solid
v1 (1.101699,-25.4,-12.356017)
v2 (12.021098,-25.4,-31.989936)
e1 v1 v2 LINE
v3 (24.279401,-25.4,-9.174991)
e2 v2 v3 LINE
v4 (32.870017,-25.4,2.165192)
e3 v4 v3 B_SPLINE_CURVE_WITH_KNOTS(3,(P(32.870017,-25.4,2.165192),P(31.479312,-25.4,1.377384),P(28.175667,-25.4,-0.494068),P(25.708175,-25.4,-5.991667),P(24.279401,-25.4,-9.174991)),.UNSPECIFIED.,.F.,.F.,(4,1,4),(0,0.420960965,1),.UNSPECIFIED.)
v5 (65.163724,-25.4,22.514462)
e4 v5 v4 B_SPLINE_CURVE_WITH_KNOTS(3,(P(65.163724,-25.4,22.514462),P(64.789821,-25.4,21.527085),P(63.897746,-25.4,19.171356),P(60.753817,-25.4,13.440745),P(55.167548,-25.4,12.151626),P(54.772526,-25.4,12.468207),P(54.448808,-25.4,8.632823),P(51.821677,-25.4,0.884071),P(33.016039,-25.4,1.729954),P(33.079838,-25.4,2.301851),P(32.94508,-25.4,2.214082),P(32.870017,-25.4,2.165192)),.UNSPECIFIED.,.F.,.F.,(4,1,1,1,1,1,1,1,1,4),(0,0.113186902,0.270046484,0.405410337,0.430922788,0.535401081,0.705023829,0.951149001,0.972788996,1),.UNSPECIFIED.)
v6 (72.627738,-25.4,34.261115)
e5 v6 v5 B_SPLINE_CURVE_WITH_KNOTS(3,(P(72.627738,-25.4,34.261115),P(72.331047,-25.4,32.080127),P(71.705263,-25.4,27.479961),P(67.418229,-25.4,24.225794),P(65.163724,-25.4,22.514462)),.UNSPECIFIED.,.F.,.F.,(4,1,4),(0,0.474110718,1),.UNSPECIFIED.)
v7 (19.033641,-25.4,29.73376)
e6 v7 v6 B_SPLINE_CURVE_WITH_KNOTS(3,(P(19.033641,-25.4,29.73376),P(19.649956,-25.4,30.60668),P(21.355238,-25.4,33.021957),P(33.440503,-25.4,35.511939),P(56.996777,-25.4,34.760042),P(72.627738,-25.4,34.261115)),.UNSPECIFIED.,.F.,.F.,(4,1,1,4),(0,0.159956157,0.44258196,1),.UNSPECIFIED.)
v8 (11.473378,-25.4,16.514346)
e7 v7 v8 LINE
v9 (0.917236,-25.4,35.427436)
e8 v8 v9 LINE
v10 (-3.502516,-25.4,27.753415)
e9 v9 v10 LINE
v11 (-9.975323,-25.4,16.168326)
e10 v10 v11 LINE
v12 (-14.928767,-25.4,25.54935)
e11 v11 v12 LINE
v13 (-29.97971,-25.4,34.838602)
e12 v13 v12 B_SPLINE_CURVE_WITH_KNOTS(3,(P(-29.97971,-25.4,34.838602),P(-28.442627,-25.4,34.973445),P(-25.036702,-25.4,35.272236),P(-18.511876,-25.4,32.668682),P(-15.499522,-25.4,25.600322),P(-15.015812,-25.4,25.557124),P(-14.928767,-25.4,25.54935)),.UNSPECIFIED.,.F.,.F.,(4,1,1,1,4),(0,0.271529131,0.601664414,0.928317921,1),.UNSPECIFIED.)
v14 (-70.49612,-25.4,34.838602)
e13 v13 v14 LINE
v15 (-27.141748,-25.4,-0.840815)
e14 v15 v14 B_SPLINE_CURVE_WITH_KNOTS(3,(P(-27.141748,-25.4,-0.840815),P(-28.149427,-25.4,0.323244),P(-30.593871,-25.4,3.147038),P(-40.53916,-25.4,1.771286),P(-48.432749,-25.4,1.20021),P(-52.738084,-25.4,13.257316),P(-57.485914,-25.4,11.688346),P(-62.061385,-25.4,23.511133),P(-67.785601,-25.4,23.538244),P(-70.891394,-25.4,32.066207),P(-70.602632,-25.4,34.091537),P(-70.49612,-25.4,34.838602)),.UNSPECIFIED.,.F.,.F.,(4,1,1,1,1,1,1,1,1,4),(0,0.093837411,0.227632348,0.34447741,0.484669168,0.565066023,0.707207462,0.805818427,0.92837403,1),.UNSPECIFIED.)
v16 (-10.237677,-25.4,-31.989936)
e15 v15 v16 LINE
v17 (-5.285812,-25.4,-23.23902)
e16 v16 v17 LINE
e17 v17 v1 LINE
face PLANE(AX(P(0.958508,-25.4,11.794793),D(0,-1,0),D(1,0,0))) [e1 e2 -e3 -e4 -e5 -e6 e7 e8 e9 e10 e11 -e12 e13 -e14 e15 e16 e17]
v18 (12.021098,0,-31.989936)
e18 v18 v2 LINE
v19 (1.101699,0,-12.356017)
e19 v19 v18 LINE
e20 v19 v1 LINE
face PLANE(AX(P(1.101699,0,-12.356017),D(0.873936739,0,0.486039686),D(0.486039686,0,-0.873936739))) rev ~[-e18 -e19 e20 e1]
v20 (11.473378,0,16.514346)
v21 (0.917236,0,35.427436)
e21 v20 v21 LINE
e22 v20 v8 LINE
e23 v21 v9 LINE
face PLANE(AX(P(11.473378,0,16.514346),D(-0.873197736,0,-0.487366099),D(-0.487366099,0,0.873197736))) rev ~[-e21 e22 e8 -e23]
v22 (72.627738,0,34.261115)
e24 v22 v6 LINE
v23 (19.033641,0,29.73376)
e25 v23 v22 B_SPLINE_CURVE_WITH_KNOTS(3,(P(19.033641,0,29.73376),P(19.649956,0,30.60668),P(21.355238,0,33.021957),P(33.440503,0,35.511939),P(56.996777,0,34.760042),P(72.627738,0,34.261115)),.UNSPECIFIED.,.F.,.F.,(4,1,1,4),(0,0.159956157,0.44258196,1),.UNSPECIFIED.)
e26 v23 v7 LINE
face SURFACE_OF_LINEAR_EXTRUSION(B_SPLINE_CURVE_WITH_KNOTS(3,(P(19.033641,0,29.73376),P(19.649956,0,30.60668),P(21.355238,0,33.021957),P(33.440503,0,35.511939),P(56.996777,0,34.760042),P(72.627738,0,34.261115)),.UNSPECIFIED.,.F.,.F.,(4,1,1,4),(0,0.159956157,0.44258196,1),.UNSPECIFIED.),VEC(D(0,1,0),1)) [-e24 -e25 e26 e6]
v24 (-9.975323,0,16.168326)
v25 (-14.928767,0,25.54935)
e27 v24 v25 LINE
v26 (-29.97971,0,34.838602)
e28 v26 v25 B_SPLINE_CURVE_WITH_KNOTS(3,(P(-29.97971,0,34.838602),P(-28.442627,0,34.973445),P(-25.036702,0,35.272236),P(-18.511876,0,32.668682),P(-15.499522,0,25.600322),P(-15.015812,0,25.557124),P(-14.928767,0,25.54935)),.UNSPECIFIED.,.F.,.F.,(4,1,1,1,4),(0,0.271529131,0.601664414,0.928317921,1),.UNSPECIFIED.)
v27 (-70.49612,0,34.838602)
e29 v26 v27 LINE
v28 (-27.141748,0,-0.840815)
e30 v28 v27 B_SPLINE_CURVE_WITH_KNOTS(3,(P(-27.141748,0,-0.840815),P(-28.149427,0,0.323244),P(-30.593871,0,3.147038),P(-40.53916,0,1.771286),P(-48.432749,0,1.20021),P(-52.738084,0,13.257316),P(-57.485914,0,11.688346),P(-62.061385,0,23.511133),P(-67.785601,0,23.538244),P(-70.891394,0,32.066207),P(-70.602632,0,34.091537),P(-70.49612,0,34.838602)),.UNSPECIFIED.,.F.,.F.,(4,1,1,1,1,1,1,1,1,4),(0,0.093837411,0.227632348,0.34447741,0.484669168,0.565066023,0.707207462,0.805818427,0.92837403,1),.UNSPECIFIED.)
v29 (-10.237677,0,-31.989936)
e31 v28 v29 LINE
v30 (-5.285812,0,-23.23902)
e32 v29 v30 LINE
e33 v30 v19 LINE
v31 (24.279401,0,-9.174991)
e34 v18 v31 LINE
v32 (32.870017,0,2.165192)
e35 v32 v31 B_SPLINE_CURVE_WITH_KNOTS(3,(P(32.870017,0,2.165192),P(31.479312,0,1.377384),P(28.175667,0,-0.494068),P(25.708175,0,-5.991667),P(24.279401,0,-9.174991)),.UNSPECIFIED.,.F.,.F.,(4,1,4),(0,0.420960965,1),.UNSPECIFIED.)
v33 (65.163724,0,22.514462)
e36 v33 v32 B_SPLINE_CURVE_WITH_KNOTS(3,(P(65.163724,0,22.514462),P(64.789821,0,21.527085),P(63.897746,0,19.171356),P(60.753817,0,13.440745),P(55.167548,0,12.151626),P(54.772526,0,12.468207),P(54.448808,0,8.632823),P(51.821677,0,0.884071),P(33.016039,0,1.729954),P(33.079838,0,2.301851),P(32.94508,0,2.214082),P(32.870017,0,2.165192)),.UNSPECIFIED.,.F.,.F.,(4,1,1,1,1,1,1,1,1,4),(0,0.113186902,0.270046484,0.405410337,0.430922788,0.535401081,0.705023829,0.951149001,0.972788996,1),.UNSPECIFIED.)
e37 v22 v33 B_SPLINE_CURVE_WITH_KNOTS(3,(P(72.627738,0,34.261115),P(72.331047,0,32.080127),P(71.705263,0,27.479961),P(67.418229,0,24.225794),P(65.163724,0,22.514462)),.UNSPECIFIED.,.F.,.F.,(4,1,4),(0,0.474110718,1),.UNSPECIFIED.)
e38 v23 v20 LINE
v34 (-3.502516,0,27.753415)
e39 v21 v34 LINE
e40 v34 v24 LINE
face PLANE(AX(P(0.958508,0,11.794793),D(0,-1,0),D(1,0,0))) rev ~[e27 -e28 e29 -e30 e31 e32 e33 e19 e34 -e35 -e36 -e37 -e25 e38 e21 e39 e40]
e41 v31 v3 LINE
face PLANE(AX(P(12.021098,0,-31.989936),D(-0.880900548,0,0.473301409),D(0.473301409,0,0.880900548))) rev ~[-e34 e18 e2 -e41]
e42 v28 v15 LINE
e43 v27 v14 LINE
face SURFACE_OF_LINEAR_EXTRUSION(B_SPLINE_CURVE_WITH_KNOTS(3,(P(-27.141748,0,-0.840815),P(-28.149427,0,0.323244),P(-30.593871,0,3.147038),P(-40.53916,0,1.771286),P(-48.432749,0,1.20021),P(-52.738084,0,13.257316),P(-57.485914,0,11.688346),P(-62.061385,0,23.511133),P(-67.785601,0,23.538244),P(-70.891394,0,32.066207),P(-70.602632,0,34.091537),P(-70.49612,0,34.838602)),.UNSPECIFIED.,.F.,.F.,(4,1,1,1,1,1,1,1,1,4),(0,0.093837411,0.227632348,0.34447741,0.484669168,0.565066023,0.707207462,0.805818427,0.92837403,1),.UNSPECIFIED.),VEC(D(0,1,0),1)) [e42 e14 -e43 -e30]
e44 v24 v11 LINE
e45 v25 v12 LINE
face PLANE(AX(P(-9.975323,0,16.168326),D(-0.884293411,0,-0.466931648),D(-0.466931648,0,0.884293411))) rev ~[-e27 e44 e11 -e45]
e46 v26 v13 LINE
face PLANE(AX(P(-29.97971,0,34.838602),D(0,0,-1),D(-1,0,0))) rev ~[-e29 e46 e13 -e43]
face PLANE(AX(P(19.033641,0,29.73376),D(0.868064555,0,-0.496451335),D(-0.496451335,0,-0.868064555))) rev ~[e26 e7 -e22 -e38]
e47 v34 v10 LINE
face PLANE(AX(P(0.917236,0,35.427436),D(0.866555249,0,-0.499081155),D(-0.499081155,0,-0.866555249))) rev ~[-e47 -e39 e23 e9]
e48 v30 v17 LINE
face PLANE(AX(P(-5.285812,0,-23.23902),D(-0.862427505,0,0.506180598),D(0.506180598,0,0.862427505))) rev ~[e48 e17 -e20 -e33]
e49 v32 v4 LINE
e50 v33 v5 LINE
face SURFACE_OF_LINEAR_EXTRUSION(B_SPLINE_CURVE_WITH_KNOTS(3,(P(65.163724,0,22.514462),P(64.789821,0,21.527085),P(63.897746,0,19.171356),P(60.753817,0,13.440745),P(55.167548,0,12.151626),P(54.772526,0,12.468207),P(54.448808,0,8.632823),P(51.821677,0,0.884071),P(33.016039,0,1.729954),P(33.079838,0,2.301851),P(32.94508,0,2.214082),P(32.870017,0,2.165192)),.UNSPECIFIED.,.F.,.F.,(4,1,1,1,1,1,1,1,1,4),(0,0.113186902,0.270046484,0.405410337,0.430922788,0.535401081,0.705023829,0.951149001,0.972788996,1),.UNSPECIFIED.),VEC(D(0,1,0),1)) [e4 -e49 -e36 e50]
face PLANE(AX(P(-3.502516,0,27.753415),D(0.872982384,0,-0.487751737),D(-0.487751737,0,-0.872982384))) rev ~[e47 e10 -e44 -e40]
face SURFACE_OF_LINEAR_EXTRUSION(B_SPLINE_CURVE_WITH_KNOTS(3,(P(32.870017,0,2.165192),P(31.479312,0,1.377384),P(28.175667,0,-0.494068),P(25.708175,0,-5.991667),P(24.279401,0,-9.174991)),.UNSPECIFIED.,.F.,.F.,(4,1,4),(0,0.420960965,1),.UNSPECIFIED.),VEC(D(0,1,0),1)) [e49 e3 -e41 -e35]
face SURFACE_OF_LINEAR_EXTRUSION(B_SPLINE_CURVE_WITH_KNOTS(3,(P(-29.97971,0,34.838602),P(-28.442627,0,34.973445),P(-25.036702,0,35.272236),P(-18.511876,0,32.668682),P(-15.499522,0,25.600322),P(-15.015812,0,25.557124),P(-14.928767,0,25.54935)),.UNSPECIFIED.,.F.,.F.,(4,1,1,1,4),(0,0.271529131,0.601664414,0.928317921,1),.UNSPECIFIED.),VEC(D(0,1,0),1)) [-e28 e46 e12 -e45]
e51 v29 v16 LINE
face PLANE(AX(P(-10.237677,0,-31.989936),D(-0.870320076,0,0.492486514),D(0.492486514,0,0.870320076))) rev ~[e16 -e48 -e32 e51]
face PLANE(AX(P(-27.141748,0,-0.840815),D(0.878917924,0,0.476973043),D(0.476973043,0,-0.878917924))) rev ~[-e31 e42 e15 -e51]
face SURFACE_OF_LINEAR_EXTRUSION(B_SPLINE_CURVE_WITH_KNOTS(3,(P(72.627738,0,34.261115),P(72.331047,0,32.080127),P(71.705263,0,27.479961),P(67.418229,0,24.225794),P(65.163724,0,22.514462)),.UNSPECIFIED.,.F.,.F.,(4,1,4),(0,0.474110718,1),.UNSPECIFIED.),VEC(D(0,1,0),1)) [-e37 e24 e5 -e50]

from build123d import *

# Parameters (mm, degrees)
F1_DEPTH = 25.4


with BuildPart() as f1:
    # F0 (on Front) → F1 (new body)
    with BuildSketch(Plane.XZ):
        with BuildLine():
            Line((-29.9797095358, 34.8386019468), (-70.4961195588, 34.8386019468))
            add(Edge.make_bspline(
                [(-27.1417479962, -0.8408149006), (-28.1494269438, 0.3232443078), (-30.593871252, 3.1470384468), (-40.5391599709, 1.7712864622), (-48.4327485736, 1.2002101582), (-52.738083681, 13.2573161164), (-57.485914174, 11.6883458145), (-62.0613850928, 23.5111329849), (-67.7856010954, 23.5382440608), (-70.8913937204, 32.0662065455), (-70.6026323194, 34.0915369564), (-70.4961195588, 34.8386019468)],
                knots=[0, 0, 0, 0, 0.0938374108, 0.227632348, 0.3444774098, 0.4846691682, 0.565066023, 0.7072074625, 0.8058184274, 0.9283740303, 1, 1, 1, 1], degree=3))
            Line((-27.1417479962, -0.8408149006), (-10.2376770228, -31.9899357855))
            Line((-10.2376770228, -31.9899357855), (-5.2858116105, -23.2390202582))
            Line((-5.2858116105, -23.2390202582), (1.1016994249, -12.3560167849))
            Line((1.1016994249, -12.3560167849), (12.0210982859, -31.9899357855))
            Line((12.0210982859, -31.9899357855), (24.2794007063, -9.174991399))
            add(Edge.make_bspline(
                [(32.8700169921, 2.1651922725), (31.4793116312, 1.3773841655), (28.17566717, -0.4940675182), (25.7081749942, -5.9916668107), (24.2794007063, -9.174991399)],
                knots=[0, 0, 0, 0, 0.4209609652, 1, 1, 1, 1], degree=3))
            add(Edge.make_bspline(
                [(65.1637241244, 22.514462471), (64.7898209346, 21.5270852975), (63.8977456175, 19.1713557151), (60.7538165714, 13.4407447214), (55.1675476668, 12.151625936), (54.7725257559, 12.4682073386), (54.4488083171, 8.6328231282), (51.8216772627, 0.884070733), (33.0160388461, 1.7299538543), (33.0798381267, 2.3018511288), (32.9450800135, 2.2140816595), (32.8700169921, 2.1651922725)],
                knots=[0, 0, 0, 0, 0.1131869023, 0.2700464839, 0.4054103366, 0.4309227883, 0.5354010807, 0.7050238292, 0.9511490006, 0.9727889956, 1, 1, 1, 1], degree=3))
            add(Edge.make_bspline(
                [(72.6277381182, 34.2611148953), (72.331047037, 32.0801269695), (71.7052626581, 27.4799611356), (67.4182291162, 24.2257940589), (65.1637241244, 22.514462471)],
                knots=[0, 0, 0, 0, 0.4741107179, 1, 1, 1, 1], degree=3))
            add(Edge.make_bspline(
                [(19.0336406231, 29.7337602824), (19.6499564168, 30.6066799681), (21.3552377725, 33.0219574609), (33.4405030784, 35.5119388215), (56.9967774424, 34.7600421502), (72.6277381182, 34.2611148953)],
                knots=[0, 0, 0, 0, 0.159956157, 0.4425819604, 1, 1, 1, 1], degree=3))
            Line((19.0336406231, 29.7337602824), (11.4733781666, 16.5143460035))
            Line((11.4733781666, 16.5143460035), (0.9172364953, 35.4274362326))
            Line((0.9172364953, 35.4274362326), (-3.5025158431, 27.7534145862))
            Line((-3.5025158431, 27.7534145862), (-9.9753234535, 16.1683261395))
            Line((-9.9753234535, 16.1683261395), (-14.9287665263, 25.5493503064))
            add(Edge.make_bspline(
                [(-29.9797095358, 34.8386019468), (-28.4426269392, 34.9734451217), (-25.0367017771, 35.2722356768), (-18.5118763257, 32.6686824539), (-15.4995217943, 25.6003215332), (-15.0158120298, 25.557123894), (-14.9287665263, 25.5493503064)],
                knots=[0, 0, 0, 0, 0.2715291313, 0.6016644144, 0.9283179209, 1, 1, 1, 1], degree=3))
        make_face()
    extrude(amount=F1_DEPTH)


solid = f1.part
